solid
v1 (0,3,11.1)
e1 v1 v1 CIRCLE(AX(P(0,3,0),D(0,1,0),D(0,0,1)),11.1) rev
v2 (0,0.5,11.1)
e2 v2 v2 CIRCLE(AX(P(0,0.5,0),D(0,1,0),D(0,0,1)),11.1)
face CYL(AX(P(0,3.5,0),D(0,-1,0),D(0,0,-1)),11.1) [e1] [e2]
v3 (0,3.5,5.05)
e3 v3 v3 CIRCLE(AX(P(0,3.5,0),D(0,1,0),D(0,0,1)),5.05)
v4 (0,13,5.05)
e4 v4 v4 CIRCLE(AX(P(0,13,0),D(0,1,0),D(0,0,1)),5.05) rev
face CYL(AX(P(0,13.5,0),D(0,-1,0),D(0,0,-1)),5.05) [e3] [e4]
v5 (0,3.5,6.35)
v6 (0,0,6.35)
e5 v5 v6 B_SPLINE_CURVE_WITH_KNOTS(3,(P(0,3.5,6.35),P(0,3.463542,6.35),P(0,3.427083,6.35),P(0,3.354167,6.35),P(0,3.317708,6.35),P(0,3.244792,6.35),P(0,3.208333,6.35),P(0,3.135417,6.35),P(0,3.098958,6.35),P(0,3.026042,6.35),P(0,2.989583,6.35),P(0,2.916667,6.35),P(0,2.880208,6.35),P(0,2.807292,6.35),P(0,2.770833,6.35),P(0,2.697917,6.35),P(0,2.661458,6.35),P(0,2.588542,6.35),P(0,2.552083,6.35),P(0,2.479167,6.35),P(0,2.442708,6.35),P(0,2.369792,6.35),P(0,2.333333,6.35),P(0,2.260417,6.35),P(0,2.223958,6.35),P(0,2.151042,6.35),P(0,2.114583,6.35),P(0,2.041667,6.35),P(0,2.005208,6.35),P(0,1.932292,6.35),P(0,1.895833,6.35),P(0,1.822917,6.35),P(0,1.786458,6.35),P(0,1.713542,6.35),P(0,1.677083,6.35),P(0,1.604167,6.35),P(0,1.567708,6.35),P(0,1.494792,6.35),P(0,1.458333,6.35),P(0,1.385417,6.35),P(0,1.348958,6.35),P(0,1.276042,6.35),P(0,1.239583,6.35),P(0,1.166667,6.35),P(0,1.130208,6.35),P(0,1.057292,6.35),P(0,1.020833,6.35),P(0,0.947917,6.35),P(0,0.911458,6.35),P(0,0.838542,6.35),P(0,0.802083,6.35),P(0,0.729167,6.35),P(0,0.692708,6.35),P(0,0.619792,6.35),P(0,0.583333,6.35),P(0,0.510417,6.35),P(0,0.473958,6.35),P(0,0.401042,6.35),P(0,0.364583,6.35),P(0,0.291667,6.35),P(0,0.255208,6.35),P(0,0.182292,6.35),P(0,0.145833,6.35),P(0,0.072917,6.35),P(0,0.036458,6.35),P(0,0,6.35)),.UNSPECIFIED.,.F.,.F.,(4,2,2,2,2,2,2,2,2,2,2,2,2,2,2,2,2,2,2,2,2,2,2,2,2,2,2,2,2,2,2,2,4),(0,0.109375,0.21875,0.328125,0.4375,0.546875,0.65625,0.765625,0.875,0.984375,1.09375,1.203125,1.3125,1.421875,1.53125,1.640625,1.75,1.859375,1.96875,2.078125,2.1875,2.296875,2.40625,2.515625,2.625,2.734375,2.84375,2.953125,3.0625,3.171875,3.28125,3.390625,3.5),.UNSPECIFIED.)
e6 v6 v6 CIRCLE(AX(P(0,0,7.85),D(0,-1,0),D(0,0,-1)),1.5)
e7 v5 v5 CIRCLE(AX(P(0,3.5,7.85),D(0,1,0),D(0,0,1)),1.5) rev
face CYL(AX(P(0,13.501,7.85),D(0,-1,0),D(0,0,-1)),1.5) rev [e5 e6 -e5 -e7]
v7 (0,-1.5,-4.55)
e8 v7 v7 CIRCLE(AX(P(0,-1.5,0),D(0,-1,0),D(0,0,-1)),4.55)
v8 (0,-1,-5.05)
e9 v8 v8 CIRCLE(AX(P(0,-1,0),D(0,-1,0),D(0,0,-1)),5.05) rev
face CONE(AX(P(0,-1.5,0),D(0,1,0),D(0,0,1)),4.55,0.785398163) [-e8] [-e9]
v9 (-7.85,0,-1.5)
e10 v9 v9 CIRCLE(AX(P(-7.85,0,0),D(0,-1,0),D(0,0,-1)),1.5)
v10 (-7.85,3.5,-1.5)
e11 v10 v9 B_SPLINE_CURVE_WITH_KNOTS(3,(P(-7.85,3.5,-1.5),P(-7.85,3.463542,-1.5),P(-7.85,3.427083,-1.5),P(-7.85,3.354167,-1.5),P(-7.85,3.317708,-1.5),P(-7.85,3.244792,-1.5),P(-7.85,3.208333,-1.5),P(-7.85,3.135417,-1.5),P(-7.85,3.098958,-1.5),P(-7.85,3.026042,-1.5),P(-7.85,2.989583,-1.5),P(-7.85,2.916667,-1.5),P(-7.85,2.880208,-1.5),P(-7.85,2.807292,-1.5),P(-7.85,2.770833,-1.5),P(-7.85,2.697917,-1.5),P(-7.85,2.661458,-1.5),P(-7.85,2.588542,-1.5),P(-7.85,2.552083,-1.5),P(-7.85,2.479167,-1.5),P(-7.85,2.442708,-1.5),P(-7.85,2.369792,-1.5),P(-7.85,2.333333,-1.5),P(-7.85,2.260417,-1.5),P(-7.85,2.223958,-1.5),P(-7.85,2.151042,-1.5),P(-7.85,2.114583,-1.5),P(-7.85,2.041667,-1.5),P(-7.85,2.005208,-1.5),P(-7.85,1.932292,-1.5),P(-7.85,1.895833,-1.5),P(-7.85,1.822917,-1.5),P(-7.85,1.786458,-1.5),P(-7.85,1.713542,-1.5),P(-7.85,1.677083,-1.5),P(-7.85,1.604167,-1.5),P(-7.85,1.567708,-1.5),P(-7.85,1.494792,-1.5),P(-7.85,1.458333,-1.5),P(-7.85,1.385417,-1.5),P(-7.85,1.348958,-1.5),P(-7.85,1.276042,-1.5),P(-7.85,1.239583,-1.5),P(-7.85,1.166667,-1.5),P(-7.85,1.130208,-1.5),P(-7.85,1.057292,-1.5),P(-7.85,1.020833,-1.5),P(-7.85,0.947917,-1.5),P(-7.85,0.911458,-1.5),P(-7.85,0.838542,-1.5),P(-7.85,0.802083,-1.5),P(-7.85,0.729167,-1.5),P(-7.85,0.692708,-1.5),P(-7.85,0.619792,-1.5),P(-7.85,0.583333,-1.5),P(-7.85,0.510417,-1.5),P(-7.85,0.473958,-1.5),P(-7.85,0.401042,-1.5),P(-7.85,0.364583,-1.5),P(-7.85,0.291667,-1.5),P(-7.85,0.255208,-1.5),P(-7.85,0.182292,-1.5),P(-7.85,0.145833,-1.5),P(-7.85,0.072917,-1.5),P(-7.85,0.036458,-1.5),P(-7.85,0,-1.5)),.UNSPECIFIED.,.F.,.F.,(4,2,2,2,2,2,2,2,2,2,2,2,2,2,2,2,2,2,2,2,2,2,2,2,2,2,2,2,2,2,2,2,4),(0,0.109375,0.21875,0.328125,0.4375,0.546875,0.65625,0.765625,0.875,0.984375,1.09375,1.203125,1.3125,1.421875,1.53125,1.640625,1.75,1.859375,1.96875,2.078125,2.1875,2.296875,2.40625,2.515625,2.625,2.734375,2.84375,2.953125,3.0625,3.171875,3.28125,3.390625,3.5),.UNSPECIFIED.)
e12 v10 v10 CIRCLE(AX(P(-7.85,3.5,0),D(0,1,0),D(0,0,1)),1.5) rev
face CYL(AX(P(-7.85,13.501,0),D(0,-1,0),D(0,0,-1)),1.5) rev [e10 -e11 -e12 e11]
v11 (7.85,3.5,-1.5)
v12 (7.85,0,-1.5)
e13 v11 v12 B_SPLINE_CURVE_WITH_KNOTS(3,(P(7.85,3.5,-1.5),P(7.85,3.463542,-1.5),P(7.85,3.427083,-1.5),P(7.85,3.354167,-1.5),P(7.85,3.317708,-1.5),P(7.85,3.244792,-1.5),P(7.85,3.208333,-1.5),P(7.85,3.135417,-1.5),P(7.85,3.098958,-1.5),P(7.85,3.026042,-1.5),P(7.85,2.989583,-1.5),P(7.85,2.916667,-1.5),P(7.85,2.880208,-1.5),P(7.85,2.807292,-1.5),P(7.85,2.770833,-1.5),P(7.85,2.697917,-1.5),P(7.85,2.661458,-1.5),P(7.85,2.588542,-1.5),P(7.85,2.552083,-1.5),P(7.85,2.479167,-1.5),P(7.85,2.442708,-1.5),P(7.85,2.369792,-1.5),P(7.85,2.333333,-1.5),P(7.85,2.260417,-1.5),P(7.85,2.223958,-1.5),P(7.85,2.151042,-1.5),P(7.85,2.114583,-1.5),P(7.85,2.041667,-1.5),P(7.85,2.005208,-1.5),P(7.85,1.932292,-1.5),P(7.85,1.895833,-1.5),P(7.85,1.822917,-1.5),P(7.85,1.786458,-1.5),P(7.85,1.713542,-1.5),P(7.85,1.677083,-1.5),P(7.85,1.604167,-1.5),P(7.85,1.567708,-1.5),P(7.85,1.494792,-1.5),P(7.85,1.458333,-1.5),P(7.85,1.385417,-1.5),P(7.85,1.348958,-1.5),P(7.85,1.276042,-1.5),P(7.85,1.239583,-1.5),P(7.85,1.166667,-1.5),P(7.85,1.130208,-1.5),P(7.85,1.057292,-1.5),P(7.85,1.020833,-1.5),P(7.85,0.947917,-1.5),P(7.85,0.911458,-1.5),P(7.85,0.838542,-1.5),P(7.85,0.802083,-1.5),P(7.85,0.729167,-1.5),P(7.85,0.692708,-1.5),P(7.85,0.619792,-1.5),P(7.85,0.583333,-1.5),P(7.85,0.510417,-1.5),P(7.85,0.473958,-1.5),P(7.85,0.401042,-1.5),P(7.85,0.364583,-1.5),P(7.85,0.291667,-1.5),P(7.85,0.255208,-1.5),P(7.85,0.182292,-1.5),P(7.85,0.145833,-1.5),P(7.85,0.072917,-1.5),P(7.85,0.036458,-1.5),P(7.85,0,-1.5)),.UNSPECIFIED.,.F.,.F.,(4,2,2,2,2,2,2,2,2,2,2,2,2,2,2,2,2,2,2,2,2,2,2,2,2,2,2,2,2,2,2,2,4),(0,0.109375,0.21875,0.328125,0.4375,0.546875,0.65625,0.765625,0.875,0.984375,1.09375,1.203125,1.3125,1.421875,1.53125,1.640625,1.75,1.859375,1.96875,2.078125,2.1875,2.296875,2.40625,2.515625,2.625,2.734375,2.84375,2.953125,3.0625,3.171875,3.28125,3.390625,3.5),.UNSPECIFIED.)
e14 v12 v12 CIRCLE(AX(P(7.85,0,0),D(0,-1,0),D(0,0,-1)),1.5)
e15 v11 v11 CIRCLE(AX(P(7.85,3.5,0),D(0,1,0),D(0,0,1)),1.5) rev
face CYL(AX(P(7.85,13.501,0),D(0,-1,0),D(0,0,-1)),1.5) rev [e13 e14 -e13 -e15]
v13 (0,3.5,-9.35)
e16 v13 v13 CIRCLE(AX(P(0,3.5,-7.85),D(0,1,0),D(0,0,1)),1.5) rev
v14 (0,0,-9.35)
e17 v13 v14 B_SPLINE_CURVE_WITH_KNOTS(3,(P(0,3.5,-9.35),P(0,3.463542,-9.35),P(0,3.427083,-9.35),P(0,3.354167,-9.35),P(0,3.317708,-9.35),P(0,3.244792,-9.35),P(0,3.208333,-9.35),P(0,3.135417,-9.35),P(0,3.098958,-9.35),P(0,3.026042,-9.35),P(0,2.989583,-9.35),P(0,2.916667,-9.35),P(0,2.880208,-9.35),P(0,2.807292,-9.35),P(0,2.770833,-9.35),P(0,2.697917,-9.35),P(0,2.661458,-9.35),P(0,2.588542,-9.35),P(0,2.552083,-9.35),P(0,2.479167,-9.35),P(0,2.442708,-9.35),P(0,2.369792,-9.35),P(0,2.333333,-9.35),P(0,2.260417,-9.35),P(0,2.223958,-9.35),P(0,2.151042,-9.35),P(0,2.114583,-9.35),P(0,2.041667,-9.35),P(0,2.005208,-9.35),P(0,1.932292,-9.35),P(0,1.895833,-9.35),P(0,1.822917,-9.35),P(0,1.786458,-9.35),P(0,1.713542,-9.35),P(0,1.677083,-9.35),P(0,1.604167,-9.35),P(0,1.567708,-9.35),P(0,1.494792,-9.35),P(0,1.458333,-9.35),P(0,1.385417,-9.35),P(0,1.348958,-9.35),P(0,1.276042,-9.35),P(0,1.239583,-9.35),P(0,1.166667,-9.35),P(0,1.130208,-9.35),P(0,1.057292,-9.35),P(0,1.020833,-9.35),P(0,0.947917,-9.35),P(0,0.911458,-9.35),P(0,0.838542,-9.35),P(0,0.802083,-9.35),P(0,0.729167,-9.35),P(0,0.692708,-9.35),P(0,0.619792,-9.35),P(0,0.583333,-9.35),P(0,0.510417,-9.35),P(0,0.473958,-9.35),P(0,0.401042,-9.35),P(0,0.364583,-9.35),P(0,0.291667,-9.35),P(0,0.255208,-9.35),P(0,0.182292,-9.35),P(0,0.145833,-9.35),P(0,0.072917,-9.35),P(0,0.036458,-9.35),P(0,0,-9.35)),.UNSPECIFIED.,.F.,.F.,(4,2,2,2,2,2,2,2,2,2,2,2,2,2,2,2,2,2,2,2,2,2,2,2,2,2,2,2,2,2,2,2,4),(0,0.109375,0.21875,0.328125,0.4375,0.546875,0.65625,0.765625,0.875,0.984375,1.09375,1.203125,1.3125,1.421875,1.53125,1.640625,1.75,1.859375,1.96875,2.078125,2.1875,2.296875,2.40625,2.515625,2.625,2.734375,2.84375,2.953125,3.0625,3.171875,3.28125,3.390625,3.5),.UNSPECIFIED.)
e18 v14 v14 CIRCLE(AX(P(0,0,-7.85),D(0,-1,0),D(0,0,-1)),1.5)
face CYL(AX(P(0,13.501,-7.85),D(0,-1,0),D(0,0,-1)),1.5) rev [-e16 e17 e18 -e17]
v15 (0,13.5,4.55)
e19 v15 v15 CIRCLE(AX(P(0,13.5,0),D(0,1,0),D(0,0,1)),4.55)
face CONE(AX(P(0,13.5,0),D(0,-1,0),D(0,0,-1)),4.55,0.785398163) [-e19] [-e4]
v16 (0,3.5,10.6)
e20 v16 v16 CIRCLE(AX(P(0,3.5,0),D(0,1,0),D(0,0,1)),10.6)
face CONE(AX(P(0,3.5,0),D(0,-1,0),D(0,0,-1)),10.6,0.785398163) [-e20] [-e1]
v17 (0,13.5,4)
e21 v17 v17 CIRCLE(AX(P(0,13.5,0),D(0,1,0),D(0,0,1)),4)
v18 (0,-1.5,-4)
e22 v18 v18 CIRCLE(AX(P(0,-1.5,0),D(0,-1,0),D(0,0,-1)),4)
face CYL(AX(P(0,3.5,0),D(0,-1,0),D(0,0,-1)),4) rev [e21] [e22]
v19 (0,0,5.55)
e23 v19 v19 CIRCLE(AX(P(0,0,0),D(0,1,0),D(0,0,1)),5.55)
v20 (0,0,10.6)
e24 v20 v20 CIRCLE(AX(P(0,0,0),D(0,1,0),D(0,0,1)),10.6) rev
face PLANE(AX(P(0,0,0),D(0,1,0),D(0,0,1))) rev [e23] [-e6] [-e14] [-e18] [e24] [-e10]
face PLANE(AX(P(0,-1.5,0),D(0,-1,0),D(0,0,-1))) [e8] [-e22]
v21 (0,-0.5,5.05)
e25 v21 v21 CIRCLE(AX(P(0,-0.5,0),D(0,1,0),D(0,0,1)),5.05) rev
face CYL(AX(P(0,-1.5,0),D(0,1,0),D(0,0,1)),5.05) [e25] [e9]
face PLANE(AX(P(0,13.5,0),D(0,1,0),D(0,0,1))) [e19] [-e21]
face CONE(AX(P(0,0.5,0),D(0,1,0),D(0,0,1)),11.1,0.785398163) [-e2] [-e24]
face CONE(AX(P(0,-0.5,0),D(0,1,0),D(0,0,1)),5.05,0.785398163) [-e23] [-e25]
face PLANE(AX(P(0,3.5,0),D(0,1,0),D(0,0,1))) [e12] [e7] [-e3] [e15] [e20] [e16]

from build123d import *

# Parameters (mm, degrees)
SKETCH1_R           = 11.1
SKETCH1_R_2         = 4
BOSS_EXTRUDE1_DEPTH = 3.5
SKETCH2_R           = 5.05
SKETCH2_R_2         = 4
BOSS_EXTRUDE2_DEPTH = 10
BOSS_EXTRUDE3_START = 1.5
SKETCH3_R           = 5.05
SKETCH3_R_2         = 4
BOSS_EXTRUDE3_DEPTH = 1.5
CUT_EXTRUDE1_REACH  = 22.704
SKETCH4_R           = 1.5
CHAMFER1_SIZE       = 0.5
CHAMFER2_SIZE       = 0.5


with BuildPart() as part:
    # Sketch1 → Boss-Extrude1 (new body)
    with BuildSketch(Plane(origin=(0, 0, 0), x_dir=(1, 0, 0), z_dir=(0, 1, 0))):
        with Locations(Location((0, 0, 0), (0, 0, 270))):
            Circle(SKETCH1_R)
        with Locations(Location((0, 0, 0), (0, 0, 270))):
            Circle(SKETCH1_R_2, mode=Mode.SUBTRACT)
    extrude(amount=BOSS_EXTRUDE1_DEPTH)

    # Sketch2 → Boss-Extrude2 (add)
    with BuildSketch(Plane(origin=(0, 3.5, 0), x_dir=(1, 0, 0), z_dir=(0, 1, 0))):
        with Locations(Location((0, 0, 0), (0, 0, 270))):
            Circle(SKETCH2_R)
        with Locations(Location((0, 0, 0), (0, 0, 270))):
            Circle(SKETCH2_R_2, mode=Mode.SUBTRACT)
    extrude(amount=BOSS_EXTRUDE2_DEPTH)

    # Sketch3 → Boss-Extrude3 (add)
    with BuildSketch(Plane.XZ.offset(BOSS_EXTRUDE3_START)):
        with Locations(Location((0, 0, 0), (0, 0, 90))):
            Circle(SKETCH3_R)
        with Locations(Location((0, 0, 0), (0, 0, 270))):
            Circle(SKETCH3_R_2, mode=Mode.SUBTRACT)
    extrude(amount=-BOSS_EXTRUDE3_DEPTH)

    # Sketch4 → Cut-Extrude1 (cut, up to next)
    with BuildSketch(Plane.XZ, mode=Mode.PRIVATE) as cut_extrude1_sk1:
        with Locations(Location((-7.85, 0, 0), (0, 0, 270))):
            Circle(SKETCH4_R)
    cut_extrude1_tool1 = extrude(cut_extrude1_sk1.sketch, amount=-CUT_EXTRUDE1_REACH, mode=Mode.PRIVATE) & part.part
    # Sketch4 → Cut-Extrude1 (cut, up to next)
    with BuildSketch(Plane.XZ, mode=Mode.PRIVATE) as cut_extrude1_sk2:
        with Locations(Location((0, 7.85, 0), (0, 0, 270))):
            Circle(SKETCH4_R)
    cut_extrude1_tool2 = extrude(cut_extrude1_sk2.sketch, amount=-CUT_EXTRUDE1_REACH, mode=Mode.PRIVATE) & part.part
    # Sketch4 → Cut-Extrude1 (cut, up to next)
    with BuildSketch(Plane.XZ, mode=Mode.PRIVATE) as cut_extrude1_sk3:
        with Locations(Location((7.85, 0, 0), (0, 0, 270))):
            Circle(SKETCH4_R)
    cut_extrude1_tool3 = extrude(cut_extrude1_sk3.sketch, amount=-CUT_EXTRUDE1_REACH, mode=Mode.PRIVATE) & part.part
    # Sketch4 → Cut-Extrude1 (cut, up to next)
    with BuildSketch(Plane.XZ, mode=Mode.PRIVATE) as cut_extrude1_sk4:
        with Locations(Location((0, -7.85, 0), (0, 0, 270))):
            Circle(SKETCH4_R)
    cut_extrude1_tool4 = extrude(cut_extrude1_sk4.sketch, amount=-CUT_EXTRUDE1_REACH, mode=Mode.PRIVATE) & part.part
    add(cut_extrude1_tool1.solids().sort_by_distance((-7.85, 0, 0))[0], mode=Mode.SUBTRACT)
    add(cut_extrude1_tool2.solids().sort_by_distance((0, 0, 7.85))[0], mode=Mode.SUBTRACT)
    add(cut_extrude1_tool3.solids().sort_by_distance((7.85, 0, 0))[0], mode=Mode.SUBTRACT)
    add(cut_extrude1_tool4.solids().sort_by_distance((0, 0, -7.85))[0], mode=Mode.SUBTRACT)

    # Chamfer1
    chamfer1_edges = [part.edges().sort_by_distance(p)[0] for p in [
        (0, 13.5, -5.05),
        (0, -1.5, -5.05),
        (0, 0, -11.1),
        (0, 3.5, -11.1),
    ]]
    chamfer(chamfer1_edges, length=CHAMFER1_SIZE)

    # Chamfer2
    chamfer2_edges = [part.edges().sort_by_distance(p)[0] for p in [
        (0, 0, -5.05),
    ]]
    chamfer(chamfer2_edges, length=CHAMFER2_SIZE)


solid = part.part
